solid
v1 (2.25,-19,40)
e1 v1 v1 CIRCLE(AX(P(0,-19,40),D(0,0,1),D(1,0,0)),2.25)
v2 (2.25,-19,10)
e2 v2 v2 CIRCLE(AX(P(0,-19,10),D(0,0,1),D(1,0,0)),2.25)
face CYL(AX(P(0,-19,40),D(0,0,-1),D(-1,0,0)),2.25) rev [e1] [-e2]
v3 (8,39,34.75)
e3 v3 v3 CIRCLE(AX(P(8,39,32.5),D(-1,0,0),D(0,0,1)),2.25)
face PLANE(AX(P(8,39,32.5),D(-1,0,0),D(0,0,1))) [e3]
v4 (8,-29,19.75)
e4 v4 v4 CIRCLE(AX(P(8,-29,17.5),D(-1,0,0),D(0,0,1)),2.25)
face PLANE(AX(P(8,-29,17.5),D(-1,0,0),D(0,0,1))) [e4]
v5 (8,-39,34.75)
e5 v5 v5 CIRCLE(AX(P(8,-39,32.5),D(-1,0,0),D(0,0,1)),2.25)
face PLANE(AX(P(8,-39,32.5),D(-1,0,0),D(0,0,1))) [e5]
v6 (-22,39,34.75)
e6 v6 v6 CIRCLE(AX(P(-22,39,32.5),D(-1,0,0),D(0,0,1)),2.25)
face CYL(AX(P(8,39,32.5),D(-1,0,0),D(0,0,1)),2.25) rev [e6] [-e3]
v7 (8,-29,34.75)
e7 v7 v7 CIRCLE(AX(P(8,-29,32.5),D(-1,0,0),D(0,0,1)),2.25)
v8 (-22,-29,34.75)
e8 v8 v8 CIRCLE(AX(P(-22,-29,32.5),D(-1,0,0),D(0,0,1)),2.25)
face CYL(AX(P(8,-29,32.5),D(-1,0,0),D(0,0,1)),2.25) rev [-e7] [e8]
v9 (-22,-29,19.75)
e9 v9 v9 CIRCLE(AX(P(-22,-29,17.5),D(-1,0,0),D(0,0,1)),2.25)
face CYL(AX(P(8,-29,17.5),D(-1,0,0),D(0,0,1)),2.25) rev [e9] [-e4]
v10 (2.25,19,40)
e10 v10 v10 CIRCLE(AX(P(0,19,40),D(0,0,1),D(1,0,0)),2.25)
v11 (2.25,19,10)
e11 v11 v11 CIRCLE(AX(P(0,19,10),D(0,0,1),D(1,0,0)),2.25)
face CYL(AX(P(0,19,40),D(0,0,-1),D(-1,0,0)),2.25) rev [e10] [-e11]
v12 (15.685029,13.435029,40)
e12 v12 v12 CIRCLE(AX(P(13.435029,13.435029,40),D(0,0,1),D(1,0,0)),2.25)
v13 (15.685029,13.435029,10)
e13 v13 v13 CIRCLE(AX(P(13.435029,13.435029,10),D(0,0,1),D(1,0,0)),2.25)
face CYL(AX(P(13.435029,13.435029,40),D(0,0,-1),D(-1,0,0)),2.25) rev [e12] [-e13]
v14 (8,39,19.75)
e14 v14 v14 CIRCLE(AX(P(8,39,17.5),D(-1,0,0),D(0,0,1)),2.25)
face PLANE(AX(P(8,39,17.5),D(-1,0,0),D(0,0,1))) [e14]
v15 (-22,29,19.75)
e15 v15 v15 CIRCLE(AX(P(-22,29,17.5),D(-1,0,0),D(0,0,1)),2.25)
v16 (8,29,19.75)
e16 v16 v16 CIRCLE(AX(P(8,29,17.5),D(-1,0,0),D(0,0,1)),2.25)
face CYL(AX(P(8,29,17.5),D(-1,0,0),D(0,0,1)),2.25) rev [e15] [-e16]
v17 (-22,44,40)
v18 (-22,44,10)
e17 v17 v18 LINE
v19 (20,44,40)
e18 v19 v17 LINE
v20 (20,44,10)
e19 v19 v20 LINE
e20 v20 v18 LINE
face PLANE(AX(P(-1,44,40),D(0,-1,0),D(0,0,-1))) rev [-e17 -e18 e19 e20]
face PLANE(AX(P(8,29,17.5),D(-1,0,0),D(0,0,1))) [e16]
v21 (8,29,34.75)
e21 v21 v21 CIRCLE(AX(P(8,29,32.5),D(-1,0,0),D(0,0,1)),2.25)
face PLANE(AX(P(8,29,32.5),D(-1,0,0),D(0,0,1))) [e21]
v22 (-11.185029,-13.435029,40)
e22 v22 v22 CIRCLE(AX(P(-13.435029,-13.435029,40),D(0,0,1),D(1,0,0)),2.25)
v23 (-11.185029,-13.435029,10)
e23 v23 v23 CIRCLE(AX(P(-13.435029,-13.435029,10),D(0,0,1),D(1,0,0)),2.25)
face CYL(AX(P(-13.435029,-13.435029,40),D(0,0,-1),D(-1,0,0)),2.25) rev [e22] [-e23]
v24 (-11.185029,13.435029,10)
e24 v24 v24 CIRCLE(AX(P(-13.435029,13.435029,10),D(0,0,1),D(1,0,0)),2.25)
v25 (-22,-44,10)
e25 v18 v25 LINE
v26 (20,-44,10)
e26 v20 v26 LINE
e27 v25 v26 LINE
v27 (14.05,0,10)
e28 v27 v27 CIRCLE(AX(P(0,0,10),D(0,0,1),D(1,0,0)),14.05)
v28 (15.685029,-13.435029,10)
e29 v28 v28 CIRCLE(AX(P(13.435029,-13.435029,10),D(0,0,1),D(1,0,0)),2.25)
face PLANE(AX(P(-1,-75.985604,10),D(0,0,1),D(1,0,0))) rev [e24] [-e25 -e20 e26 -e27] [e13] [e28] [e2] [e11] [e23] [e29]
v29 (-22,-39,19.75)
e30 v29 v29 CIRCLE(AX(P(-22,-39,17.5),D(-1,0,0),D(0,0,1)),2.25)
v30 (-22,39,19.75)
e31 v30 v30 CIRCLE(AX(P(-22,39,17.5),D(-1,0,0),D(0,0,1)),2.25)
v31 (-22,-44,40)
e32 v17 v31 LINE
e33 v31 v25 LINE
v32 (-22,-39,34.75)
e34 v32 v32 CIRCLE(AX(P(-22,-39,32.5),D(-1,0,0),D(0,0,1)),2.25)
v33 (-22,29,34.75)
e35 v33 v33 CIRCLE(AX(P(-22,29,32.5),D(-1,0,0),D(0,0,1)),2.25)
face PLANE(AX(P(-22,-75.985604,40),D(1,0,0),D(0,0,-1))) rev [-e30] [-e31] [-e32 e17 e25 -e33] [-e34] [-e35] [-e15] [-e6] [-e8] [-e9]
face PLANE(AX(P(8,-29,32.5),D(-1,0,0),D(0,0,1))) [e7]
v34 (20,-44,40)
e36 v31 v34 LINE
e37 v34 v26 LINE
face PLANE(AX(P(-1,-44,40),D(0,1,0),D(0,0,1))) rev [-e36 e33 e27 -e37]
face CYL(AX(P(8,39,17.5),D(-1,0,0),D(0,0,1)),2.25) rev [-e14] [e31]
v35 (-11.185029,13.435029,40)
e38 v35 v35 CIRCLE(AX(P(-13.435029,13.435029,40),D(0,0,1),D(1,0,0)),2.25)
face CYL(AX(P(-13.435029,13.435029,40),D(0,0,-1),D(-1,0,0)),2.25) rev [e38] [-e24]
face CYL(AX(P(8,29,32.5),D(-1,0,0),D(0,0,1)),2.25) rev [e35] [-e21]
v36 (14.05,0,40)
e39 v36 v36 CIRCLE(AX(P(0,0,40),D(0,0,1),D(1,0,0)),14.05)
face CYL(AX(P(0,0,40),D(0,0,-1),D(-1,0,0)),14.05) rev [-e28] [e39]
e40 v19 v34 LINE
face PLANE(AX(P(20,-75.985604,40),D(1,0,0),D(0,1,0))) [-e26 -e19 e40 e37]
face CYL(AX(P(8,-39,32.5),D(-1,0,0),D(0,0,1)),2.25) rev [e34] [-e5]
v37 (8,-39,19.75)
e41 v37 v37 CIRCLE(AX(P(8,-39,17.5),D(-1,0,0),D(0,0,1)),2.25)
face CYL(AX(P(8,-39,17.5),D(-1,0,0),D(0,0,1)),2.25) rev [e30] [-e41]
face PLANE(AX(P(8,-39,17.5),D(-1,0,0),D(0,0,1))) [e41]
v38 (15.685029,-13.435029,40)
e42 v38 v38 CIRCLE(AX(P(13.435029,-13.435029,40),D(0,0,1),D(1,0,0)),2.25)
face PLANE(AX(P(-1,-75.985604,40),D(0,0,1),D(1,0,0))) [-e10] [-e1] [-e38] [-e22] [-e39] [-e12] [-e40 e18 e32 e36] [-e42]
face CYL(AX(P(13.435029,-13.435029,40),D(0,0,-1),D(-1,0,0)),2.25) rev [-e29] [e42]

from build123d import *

# Parameters (mm, degrees)
EXTRUDE7_START     = 10
SKETCH1_R          = 2.25
SKETCH1_R_2        = 14.05
EXTRUDE7_DEPTH     = 30
CUT_EXTRUDE6_START = 2
SKETCH8_R          = 2.25
CUT_EXTRUDE6_DEPTH = 30


with BuildPart() as part:
    # Sketch1 → Extrude7 (new body)
    with BuildSketch(Plane.XY.offset(EXTRUDE7_START)):
        Polygon((20, 44), (-20, 44), (-22, 44), (-22, -44), (-20, -44), (20, -44), align=None)
        with Locations((-13.435028843, -13.435028843)):
            Circle(SKETCH1_R, mode=Mode.SUBTRACT)
        with Locations((0, -19)):
            Circle(SKETCH1_R, mode=Mode.SUBTRACT)
        with Locations((13.435028843, -13.435028843)):
            Circle(SKETCH1_R, mode=Mode.SUBTRACT)
        with Locations((-13.435028843, 13.435028843)):
            Circle(SKETCH1_R, mode=Mode.SUBTRACT)
        Circle(SKETCH1_R_2, mode=Mode.SUBTRACT)
        with Locations((0, 19)):
            Circle(SKETCH1_R, mode=Mode.SUBTRACT)
        with Locations((13.435028843, 13.435028843)):
            Circle(SKETCH1_R, mode=Mode.SUBTRACT)
        Polygon((20, 44), (-20, 44), (-22, 44), (-22, -44), (-20, -44), (20, -44), align=None)
        with Locations((-13.435028843, -13.435028843)):
            Circle(SKETCH1_R, mode=Mode.SUBTRACT)
        with Locations((0, -19)):
            Circle(SKETCH1_R, mode=Mode.SUBTRACT)
        with Locations((13.435028843, -13.435028843)):
            Circle(SKETCH1_R, mode=Mode.SUBTRACT)
        with Locations((-13.435028843, 13.435028843)):
            Circle(SKETCH1_R, mode=Mode.SUBTRACT)
        Circle(SKETCH1_R_2, mode=Mode.SUBTRACT)
        with Locations((0, 19)):
            Circle(SKETCH1_R, mode=Mode.SUBTRACT)
        with Locations((13.435028843, 13.435028843)):
            Circle(SKETCH1_R, mode=Mode.SUBTRACT)
        Polygon((20, 44), (-20, 44), (-22, 44), (-22, -44), (-20, -44), (20, -44), align=None)
        with Locations((-13.435028843, -13.435028843)):
            Circle(SKETCH1_R, mode=Mode.SUBTRACT)
        with Locations((0, -19)):
            Circle(SKETCH1_R, mode=Mode.SUBTRACT)
        with Locations((13.435028843, -13.435028843)):
            Circle(SKETCH1_R, mode=Mode.SUBTRACT)
        with Locations((-13.435028843, 13.435028843)):
            Circle(SKETCH1_R, mode=Mode.SUBTRACT)
        Circle(SKETCH1_R_2, mode=Mode.SUBTRACT)
        with Locations((0, 19)):
            Circle(SKETCH1_R, mode=Mode.SUBTRACT)
        with Locations((13.435028843, 13.435028843)):
            Circle(SKETCH1_R, mode=Mode.SUBTRACT)
    extrude(amount=EXTRUDE7_DEPTH)

    # Sketch8 → Cut-Extrude6 (cut)
    with BuildSketch(Plane.ZY.offset(20).offset(CUT_EXTRUDE6_START)):
        with Locations((17.5, 39)):
            Circle(SKETCH8_R)
        with Locations((32.5, 39)):
            Circle(SKETCH8_R)
        with Locations((17.5, -39)):
            Circle(SKETCH8_R)
        with Locations((32.5, -39)):
            Circle(SKETCH8_R)
        with Locations((17.5, 29)):
            Circle(SKETCH8_R)
        with Locations((32.5, 29)):
            Circle(SKETCH8_R)
        with Locations((17.5, -29)):
            Circle(SKETCH8_R)
        with Locations((32.5, -29)):
            Circle(SKETCH8_R)
    extrude(amount=-CUT_EXTRUDE6_DEPTH, mode=Mode.SUBTRACT)


solid = part.part
